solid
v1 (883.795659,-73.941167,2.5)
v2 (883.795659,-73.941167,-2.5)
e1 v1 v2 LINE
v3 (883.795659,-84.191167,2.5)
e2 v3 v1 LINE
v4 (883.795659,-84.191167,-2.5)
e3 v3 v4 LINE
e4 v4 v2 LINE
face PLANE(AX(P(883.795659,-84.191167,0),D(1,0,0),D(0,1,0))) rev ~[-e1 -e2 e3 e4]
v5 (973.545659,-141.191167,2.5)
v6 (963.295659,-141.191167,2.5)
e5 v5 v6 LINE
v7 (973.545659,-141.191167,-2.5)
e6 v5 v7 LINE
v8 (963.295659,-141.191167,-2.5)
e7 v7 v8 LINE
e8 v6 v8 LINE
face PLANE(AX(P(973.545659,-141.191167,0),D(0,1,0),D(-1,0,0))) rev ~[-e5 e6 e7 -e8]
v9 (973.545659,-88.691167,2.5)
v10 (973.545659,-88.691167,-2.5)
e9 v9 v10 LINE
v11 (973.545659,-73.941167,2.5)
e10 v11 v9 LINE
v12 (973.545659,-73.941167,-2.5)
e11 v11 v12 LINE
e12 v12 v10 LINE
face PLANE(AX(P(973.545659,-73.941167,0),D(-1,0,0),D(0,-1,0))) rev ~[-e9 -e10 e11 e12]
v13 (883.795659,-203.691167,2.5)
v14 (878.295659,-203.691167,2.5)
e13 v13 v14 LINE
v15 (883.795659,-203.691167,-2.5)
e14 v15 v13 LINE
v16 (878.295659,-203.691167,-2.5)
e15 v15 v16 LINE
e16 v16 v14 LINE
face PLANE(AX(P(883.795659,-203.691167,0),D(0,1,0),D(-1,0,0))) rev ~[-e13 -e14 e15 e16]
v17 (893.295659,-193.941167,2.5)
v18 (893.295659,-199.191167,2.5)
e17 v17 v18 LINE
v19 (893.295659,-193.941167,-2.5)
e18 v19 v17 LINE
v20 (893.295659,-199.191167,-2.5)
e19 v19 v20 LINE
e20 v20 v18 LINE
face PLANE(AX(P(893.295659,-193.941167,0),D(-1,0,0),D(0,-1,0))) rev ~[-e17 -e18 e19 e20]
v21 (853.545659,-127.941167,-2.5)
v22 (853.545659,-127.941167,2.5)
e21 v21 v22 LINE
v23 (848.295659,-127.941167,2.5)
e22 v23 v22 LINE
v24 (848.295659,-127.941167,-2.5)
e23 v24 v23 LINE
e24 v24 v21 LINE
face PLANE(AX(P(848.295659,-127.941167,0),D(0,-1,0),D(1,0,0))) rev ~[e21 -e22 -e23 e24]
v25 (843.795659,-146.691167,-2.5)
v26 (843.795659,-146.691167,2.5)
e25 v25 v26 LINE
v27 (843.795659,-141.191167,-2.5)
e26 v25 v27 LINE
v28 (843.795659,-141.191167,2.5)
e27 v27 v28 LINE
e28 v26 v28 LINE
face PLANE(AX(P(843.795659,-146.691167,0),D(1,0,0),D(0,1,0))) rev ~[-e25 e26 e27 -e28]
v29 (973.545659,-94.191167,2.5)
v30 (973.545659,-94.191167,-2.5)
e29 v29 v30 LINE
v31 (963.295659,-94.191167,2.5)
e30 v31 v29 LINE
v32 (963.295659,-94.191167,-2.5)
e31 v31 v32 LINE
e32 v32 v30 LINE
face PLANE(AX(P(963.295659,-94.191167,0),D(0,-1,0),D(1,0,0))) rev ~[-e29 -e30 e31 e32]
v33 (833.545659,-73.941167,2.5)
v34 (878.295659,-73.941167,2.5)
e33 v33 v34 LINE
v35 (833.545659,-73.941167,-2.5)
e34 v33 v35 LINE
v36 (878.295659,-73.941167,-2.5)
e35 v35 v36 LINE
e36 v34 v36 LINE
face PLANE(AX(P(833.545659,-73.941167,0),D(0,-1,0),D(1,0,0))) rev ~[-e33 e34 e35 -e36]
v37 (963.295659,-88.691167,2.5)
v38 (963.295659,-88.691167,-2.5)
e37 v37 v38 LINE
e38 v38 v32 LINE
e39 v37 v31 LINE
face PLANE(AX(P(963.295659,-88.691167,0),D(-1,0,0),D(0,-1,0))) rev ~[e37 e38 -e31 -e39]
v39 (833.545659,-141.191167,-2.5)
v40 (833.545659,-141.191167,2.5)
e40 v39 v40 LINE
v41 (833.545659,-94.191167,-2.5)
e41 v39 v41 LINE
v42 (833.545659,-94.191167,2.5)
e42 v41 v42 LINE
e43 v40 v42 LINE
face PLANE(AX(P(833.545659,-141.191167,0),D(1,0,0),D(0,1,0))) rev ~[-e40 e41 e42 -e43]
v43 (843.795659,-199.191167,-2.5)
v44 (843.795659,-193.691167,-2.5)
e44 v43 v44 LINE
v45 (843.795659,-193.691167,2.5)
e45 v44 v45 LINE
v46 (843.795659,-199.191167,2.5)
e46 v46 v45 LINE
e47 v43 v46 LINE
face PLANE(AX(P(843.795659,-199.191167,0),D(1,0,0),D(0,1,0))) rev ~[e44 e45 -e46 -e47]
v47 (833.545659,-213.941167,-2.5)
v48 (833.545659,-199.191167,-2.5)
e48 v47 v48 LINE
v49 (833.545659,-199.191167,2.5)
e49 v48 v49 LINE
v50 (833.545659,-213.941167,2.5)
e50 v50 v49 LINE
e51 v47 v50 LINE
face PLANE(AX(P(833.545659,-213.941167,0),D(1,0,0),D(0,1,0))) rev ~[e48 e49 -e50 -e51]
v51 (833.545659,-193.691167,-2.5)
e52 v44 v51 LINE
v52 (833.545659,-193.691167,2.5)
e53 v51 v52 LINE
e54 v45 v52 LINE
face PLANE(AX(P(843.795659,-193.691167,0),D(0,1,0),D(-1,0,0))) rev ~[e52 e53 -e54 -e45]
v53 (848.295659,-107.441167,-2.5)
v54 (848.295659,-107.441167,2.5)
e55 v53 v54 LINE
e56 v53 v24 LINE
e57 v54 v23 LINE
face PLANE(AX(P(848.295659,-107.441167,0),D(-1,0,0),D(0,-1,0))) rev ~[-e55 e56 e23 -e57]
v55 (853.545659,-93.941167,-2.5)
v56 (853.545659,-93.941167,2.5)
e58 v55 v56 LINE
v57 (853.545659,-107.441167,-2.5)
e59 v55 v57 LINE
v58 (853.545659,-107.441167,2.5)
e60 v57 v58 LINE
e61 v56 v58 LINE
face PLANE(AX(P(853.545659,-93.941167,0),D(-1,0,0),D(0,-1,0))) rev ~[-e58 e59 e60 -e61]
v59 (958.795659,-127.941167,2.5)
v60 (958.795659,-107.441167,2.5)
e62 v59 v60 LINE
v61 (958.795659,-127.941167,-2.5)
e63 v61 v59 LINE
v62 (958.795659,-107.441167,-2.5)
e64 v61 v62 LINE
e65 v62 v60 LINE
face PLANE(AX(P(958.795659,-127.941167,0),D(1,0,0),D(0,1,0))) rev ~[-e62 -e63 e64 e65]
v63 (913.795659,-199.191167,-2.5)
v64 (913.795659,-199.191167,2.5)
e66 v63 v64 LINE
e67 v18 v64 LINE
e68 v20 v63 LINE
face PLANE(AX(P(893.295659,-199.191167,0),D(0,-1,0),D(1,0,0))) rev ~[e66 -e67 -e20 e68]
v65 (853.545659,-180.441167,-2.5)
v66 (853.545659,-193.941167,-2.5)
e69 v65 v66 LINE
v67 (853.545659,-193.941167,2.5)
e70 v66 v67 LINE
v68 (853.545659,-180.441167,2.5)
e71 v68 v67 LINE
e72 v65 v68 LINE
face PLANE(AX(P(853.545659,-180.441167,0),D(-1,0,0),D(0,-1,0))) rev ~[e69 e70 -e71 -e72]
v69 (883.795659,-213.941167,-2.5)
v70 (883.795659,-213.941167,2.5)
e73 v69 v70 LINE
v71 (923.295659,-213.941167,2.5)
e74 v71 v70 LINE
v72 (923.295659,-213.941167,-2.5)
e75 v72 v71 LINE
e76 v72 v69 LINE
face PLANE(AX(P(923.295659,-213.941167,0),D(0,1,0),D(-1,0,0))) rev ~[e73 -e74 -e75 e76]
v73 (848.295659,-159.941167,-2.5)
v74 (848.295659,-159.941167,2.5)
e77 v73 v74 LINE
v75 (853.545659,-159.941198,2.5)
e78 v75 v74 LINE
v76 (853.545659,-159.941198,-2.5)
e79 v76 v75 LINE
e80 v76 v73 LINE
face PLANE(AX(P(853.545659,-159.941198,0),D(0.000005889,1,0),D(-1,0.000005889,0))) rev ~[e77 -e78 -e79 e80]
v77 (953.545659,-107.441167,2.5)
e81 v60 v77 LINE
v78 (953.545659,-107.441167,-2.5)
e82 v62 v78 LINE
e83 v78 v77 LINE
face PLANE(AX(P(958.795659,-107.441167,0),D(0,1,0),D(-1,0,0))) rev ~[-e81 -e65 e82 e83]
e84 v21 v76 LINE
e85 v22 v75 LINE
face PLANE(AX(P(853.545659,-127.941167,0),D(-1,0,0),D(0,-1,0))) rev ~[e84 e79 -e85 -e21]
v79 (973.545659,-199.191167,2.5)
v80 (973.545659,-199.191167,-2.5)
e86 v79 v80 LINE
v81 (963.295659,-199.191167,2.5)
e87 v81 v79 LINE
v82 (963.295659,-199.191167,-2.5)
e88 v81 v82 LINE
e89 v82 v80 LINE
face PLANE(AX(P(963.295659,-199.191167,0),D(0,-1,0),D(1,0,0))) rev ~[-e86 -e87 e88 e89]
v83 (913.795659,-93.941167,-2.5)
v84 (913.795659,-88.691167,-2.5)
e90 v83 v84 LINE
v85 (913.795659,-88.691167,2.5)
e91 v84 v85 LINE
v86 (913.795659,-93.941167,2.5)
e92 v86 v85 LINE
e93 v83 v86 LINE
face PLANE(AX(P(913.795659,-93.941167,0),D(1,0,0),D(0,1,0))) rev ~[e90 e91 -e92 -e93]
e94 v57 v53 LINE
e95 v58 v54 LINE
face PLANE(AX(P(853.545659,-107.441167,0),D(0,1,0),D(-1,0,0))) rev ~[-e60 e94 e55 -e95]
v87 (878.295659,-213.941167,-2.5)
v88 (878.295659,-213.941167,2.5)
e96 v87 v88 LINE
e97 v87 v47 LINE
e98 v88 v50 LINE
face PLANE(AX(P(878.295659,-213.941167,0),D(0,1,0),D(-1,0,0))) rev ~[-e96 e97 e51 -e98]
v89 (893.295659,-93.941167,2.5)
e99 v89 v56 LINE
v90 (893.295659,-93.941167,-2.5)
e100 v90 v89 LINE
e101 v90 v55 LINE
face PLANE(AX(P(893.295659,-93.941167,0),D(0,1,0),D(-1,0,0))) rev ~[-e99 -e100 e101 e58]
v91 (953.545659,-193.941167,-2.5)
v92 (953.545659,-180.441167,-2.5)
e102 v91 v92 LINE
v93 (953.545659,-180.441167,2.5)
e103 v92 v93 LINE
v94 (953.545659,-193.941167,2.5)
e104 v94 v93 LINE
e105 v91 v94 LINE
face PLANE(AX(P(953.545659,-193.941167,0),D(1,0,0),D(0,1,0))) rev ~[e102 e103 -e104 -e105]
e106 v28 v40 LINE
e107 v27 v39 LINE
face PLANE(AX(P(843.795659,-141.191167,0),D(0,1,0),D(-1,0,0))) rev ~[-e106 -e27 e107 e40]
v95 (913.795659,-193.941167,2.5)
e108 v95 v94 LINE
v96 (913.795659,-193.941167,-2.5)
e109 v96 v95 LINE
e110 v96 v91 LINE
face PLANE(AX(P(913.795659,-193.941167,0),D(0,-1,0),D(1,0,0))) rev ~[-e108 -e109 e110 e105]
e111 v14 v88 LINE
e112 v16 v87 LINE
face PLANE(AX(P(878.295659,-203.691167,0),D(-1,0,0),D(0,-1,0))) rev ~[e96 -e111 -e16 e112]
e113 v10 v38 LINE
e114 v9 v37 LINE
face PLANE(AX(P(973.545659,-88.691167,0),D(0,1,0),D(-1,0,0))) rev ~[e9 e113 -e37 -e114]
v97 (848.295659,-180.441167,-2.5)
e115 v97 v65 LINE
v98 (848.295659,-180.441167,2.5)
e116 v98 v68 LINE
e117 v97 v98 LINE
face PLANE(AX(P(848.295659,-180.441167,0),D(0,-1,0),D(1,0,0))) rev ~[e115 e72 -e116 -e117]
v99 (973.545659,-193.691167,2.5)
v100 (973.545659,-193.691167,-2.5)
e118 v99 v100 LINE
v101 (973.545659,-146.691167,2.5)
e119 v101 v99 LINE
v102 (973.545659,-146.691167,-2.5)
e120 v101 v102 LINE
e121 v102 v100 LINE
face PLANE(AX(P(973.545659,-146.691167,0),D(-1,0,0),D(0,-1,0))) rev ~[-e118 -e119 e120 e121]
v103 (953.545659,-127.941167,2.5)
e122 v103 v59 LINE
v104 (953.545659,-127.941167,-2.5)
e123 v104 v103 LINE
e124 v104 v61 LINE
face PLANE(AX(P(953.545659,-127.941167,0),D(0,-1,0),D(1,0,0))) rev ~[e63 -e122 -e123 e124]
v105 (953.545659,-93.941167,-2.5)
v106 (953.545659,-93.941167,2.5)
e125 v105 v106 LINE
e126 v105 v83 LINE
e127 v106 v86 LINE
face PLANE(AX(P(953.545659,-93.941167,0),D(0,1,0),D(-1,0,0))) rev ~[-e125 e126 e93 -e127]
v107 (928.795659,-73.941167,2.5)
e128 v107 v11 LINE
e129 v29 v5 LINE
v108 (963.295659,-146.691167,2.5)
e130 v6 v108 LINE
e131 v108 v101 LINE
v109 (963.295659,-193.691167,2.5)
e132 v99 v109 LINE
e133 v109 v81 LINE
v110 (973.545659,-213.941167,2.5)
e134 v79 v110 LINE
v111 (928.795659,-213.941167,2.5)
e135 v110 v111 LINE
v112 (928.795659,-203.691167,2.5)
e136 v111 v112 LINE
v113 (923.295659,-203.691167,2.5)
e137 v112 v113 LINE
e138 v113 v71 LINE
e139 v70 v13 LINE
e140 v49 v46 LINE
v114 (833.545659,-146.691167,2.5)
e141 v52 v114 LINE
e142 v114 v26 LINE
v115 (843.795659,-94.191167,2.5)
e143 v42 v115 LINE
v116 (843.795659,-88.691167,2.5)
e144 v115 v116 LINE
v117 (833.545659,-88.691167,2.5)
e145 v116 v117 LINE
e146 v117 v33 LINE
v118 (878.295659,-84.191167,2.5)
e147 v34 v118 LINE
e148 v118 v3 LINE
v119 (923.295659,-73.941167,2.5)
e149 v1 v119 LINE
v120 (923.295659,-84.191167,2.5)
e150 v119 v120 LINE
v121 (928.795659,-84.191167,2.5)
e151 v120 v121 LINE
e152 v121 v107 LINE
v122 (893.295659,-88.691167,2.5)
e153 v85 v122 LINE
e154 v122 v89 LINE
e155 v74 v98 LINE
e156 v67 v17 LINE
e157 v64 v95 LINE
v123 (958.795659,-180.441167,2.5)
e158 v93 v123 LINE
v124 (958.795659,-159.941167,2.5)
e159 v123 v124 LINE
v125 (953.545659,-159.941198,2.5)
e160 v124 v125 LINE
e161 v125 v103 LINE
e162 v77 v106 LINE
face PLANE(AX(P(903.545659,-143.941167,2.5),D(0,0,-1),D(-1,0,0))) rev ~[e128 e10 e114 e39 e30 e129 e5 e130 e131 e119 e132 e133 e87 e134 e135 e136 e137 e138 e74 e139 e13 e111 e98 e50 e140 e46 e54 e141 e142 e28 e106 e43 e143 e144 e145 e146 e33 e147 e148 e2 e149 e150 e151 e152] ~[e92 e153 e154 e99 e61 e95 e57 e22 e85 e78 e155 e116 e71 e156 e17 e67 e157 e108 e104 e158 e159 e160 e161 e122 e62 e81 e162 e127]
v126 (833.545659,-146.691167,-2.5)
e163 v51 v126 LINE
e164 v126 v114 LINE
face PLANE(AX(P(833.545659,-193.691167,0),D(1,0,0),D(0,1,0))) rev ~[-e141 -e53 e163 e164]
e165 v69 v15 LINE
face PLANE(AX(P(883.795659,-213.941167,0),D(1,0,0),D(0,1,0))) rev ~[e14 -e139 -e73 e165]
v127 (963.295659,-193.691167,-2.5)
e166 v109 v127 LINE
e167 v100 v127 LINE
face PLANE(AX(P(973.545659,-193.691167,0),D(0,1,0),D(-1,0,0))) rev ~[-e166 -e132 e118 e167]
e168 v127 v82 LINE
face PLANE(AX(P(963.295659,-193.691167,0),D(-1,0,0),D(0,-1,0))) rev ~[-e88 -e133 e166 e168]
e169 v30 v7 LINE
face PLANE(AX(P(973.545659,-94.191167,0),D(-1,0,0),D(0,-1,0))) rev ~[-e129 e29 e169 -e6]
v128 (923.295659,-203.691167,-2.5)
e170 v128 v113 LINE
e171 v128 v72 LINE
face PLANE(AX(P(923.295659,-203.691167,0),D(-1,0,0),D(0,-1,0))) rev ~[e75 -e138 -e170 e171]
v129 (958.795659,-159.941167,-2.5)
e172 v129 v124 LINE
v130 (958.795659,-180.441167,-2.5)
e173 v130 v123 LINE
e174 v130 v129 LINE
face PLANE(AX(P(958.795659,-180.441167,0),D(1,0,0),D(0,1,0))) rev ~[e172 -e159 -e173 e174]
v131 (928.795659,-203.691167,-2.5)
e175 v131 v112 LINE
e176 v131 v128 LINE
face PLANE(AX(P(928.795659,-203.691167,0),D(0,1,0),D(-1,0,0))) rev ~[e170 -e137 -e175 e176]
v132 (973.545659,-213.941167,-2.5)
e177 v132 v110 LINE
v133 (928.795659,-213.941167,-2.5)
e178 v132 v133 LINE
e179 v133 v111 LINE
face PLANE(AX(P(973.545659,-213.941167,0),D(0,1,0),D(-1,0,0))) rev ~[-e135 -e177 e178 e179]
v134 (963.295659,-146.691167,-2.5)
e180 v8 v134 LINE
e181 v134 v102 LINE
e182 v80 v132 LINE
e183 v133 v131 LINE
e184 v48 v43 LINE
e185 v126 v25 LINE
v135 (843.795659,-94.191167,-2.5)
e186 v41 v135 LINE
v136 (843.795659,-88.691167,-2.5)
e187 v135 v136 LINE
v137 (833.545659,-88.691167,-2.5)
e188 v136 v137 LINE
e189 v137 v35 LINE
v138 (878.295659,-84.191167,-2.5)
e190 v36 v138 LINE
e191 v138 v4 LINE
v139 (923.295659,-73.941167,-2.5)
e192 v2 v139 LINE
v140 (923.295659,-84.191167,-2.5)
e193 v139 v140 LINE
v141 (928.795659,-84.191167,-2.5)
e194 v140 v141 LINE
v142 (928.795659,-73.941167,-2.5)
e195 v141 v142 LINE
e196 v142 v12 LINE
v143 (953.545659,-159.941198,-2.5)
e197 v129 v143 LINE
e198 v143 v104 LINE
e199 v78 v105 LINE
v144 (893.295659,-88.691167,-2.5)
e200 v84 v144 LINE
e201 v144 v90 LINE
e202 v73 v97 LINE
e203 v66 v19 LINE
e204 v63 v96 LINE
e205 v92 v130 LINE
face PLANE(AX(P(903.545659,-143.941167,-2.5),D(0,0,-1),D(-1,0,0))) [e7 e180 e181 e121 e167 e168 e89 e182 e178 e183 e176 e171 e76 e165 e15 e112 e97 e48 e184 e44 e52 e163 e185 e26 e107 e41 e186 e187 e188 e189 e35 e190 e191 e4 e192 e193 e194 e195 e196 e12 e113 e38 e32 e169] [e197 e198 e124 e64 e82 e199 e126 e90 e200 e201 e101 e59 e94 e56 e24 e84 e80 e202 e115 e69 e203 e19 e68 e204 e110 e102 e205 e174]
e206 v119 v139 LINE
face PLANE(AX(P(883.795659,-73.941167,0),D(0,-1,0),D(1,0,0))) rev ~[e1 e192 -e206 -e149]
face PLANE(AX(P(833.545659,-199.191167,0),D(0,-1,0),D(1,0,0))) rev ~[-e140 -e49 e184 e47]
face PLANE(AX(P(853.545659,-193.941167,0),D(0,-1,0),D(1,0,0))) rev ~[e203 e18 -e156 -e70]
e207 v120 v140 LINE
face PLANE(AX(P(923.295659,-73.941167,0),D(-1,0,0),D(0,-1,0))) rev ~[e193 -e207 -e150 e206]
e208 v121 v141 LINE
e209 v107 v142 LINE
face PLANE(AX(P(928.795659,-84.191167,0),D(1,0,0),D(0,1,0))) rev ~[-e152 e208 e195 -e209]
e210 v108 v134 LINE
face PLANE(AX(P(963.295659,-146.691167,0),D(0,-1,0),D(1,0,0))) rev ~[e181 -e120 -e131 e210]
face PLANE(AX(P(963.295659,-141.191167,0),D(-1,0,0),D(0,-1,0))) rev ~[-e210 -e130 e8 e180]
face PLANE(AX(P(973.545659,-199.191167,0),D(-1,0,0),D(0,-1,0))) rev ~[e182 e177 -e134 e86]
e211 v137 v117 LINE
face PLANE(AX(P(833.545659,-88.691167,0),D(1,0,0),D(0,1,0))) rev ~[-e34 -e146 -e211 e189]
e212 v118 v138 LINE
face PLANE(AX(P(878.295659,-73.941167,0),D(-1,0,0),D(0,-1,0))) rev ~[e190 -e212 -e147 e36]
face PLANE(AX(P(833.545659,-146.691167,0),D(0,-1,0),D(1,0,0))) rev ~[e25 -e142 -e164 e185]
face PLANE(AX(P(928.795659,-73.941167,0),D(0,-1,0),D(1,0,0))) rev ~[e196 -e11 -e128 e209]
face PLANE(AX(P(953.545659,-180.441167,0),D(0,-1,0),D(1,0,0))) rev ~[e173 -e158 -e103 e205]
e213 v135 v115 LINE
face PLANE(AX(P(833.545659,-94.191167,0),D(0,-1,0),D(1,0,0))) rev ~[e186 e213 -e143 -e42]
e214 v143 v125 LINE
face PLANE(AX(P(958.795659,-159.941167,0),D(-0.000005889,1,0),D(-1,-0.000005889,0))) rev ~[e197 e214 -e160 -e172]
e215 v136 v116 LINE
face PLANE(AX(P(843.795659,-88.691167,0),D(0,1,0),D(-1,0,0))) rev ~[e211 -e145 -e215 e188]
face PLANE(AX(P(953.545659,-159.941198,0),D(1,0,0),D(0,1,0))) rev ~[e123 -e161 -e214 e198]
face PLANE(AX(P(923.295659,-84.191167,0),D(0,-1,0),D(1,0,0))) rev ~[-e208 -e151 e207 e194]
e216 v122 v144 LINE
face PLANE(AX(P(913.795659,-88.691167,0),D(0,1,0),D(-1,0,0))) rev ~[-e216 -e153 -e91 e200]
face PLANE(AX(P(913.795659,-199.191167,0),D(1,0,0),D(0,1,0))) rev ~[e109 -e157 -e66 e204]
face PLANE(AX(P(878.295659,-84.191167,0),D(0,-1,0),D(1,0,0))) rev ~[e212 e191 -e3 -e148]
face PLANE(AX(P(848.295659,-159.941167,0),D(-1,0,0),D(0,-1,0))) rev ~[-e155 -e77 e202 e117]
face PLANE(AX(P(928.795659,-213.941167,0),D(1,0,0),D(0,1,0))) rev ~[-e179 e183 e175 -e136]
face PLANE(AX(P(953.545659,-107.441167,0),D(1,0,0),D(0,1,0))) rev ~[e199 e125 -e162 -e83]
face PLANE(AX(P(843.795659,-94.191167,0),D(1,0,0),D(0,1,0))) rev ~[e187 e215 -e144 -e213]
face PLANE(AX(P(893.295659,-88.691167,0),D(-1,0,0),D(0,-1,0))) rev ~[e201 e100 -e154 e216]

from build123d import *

# Parameters (mm, degrees)
BOSS_EXTRUDE1_DEPTH = 2.5


with BuildPart() as part:
    # Sketch1 → Boss-Extrude1 (new, symmetric)
    with BuildSketch(Plane.XY):
        Polygon((833.545659386, -88.691167375), (833.545659386, -73.941167375), (878.295659386, -73.941167375), (878.295659386, -84.191167375), (883.795659386, -84.191167375), (883.795659386, -73.941167375), (923.295659386, -73.941167375), (923.295659386, -84.191167375), (928.795659386, -84.191167375), (928.795659386, -73.941167375), (973.545659386, -73.941167375), (973.545659386, -88.691167375), (963.295659386, -88.691167375), (963.295659386, -94.191167375), (973.545659386, -94.191167375), (973.545659386, -141.191167375), (963.295659386, -141.191167375), (963.295659386, -146.691167375), (973.545659386, -146.691167375), (973.545659386, -193.691167375), (963.295659386, -193.691167375), (963.295659386, -199.191167375), (973.545659386, -199.191167375), (973.545659386, -213.941167375), (928.795659386, -213.941167375), (928.795659386, -203.691167375), (923.295659386, -203.691167375), (923.295659386, -213.941167375), (883.795659386, -213.941167375), (883.795659386, -203.691167375), (878.295659386, -203.691167375), (878.295659386, -213.941167375), (833.545659386, -213.941167375), (833.545659386, -199.191167375), (843.795659386, -199.191167375), (843.795659386, -193.691167375), (833.545659386, -193.691167375), (833.545659386, -146.691167375), (843.795659386, -146.691167375), (843.795659386, -141.191167375), (833.545659386, -141.191167375), (833.545659386, -94.191167375), (843.795659386, -94.191167375), (843.795659386, -88.691167375), align=None)
        Polygon((893.295659386, -88.691167375), (893.295659386, -93.941167375), (853.545659386, -93.941167375), (853.545659386, -107.441167375), (848.295659386, -107.441167375), (848.295659386, -127.941167375), (853.545659386, -127.941167375), (853.545659386, -159.94119829), (848.295659386, -159.941167375), (848.295659386, -180.441167375), (853.545659386, -180.441167375), (853.545659386, -193.941167375), (893.295659386, -193.941167375), (893.295659386, -199.191167375), (913.795659386, -199.191167375), (913.795659386, -193.941167375), (953.545659386, -193.941167375), (953.545659386, -180.441167375), (958.795659386, -180.441167375), (958.795659386, -159.941167375), (953.545659386, -159.94119829), (953.545659386, -127.941167375), (958.795659386, -127.941167375), (958.795659386, -107.441167375), (953.545659386, -107.441167375), (953.545659386, -93.941167375), (913.795659386, -93.941167375), (913.795659386, -88.691167375), align=None, mode=Mode.SUBTRACT)
    extrude(amount=BOSS_EXTRUDE1_DEPTH, both=True)


solid = part.part
